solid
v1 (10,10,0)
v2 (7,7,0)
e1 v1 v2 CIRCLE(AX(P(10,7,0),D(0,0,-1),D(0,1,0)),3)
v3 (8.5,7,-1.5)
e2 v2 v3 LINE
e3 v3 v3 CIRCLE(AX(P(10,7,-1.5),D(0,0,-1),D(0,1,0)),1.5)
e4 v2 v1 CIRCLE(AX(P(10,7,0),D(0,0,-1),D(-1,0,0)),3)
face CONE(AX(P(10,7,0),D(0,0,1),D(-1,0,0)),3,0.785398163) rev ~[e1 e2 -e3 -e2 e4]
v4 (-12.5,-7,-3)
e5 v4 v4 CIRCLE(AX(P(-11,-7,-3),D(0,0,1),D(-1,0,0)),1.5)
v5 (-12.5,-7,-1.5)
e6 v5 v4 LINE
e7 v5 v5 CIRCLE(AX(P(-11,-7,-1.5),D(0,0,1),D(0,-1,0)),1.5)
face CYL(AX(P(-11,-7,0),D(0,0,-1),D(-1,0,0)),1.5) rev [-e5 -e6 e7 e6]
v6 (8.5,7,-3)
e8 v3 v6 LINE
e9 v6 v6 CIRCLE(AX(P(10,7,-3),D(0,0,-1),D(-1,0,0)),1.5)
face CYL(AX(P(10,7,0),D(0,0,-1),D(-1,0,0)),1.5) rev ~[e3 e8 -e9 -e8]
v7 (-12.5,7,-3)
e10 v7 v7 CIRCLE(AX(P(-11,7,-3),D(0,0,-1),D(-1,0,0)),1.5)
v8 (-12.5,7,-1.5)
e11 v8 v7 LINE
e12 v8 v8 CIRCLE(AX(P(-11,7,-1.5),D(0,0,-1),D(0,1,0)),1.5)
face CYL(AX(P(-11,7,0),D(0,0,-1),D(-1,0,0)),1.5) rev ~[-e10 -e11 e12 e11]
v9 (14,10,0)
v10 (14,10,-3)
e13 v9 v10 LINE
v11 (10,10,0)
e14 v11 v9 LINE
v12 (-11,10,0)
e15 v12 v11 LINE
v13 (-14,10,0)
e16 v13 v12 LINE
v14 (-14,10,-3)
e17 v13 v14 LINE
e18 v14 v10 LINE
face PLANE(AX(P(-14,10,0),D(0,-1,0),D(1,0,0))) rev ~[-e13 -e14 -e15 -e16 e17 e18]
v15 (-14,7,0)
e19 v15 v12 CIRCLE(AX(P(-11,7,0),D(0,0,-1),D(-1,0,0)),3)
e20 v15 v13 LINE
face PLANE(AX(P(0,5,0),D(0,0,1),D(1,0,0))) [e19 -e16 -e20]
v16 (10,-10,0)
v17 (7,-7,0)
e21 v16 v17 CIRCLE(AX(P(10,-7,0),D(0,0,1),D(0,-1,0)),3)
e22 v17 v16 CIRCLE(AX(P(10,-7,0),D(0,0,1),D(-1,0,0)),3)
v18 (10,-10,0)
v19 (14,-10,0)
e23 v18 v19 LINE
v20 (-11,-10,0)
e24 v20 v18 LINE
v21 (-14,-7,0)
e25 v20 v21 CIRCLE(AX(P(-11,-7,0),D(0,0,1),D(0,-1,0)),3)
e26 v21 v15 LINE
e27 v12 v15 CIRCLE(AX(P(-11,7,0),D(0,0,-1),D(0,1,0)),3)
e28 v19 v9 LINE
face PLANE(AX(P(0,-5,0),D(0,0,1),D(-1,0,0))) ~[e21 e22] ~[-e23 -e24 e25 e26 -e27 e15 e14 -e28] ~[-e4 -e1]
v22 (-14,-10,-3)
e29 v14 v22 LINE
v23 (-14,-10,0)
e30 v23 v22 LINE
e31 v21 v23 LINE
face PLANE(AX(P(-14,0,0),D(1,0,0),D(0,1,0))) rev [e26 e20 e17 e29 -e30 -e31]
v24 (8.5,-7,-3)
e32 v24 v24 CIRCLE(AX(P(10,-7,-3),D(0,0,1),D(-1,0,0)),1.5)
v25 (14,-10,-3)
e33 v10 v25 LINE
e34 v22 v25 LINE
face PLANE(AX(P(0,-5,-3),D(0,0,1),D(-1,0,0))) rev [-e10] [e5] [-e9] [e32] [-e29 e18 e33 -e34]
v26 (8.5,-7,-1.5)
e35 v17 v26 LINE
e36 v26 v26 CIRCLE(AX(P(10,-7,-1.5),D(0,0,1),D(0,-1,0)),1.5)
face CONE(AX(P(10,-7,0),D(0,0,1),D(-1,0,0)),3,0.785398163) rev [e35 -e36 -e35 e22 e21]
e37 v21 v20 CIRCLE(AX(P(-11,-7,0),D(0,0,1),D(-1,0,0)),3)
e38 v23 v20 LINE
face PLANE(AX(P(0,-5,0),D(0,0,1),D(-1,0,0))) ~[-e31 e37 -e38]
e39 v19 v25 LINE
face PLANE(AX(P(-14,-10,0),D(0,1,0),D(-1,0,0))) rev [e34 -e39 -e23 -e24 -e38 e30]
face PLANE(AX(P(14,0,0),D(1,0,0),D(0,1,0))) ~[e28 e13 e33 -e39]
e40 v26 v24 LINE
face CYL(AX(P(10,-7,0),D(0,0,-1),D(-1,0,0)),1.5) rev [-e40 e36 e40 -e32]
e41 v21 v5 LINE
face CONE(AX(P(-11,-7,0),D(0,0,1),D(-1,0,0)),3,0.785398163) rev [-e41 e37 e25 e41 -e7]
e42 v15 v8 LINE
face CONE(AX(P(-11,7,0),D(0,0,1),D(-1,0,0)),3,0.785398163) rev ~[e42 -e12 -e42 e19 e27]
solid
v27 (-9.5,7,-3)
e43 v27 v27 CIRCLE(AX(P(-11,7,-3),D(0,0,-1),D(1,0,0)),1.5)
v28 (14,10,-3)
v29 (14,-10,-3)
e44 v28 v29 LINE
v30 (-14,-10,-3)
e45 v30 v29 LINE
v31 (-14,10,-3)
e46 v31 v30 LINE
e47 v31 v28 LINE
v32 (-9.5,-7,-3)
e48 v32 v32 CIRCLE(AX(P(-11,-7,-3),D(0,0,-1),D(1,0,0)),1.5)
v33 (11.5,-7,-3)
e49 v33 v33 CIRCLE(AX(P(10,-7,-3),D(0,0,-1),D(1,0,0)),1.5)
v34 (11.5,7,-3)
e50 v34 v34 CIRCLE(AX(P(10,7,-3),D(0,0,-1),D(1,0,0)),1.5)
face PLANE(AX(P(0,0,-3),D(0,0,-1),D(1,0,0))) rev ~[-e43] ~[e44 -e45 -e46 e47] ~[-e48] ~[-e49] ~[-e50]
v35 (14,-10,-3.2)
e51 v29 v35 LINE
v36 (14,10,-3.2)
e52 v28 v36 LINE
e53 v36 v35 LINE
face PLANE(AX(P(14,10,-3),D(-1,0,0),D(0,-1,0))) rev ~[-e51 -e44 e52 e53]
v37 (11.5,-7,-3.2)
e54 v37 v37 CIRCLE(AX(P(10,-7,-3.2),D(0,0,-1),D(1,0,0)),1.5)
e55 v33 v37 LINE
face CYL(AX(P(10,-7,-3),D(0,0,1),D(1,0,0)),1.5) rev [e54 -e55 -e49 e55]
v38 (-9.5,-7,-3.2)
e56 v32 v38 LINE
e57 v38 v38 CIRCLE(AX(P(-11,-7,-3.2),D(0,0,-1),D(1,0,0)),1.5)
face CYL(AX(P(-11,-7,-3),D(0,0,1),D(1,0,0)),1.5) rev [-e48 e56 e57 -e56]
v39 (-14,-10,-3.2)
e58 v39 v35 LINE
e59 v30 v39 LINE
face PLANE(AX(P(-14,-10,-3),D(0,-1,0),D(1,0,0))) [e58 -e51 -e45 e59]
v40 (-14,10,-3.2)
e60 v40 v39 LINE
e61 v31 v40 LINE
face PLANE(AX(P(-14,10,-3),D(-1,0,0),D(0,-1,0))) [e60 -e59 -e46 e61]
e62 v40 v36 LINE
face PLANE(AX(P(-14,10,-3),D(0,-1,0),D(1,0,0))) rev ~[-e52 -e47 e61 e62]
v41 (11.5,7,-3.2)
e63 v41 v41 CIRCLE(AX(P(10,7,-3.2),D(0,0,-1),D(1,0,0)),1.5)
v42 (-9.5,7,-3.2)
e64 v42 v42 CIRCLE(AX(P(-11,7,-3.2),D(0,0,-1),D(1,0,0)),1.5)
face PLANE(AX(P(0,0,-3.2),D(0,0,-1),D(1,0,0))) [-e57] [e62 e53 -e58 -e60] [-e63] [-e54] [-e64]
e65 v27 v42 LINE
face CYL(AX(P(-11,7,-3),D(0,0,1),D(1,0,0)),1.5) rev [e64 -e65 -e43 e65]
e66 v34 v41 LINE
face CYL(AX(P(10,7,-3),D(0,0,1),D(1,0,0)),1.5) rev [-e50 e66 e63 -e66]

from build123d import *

# Parameters (mm, degrees)
F0_W           = 28
F0_H           = 10
F1_DEPTH       = 3
F2_D           = 3
F2_DEPTH       = 3
F2_CSINK_D     = 6
F2_CSINK_ANGLE = 90
F4_W           = 28
F4_H           = 20
F4_R           = 1.5
F5_DEPTH       = 0.2


with BuildPart() as f1:
    # F0 (on Top) → F1 (new body)
    with BuildSketch(Plane.XY):
        with Locations((0, 5)):
            Rectangle(F0_W, F0_H)
    extrude(amount=-F1_DEPTH)

    # F2
    with Locations(Plane.XY):
        with Locations((-11, 7), (10, 7)):
            CounterSinkHole(F2_D / 2, F2_CSINK_D / 2, depth=F2_DEPTH, counter_sink_angle=F2_CSINK_ANGLE)

    # F3: F1 across plane


with BuildPart() as f1_1:
    add(f1.part)
    add(f1.part.mirror(Plane.XZ))


with BuildPart() as f5:
    # F4 (on face) → F5 (new body)
    with BuildSketch(Plane(origin=(0, 0, -3), x_dir=(1, 0, 0), z_dir=(0, 0, -1))):
        Rectangle(F4_W, F4_H)
        with Locations((-11, -7)):
            Circle(F4_R, mode=Mode.SUBTRACT)
        with Locations((10, -7)):
            Circle(F4_R, mode=Mode.SUBTRACT)
        with Locations((-11, 7)):
            Circle(F4_R, mode=Mode.SUBTRACT)
        with Locations((10, 7)):
            Circle(F4_R, mode=Mode.SUBTRACT)
    extrude(amount=F5_DEPTH)


solid = Compound([f1_1.part, f5.part])
